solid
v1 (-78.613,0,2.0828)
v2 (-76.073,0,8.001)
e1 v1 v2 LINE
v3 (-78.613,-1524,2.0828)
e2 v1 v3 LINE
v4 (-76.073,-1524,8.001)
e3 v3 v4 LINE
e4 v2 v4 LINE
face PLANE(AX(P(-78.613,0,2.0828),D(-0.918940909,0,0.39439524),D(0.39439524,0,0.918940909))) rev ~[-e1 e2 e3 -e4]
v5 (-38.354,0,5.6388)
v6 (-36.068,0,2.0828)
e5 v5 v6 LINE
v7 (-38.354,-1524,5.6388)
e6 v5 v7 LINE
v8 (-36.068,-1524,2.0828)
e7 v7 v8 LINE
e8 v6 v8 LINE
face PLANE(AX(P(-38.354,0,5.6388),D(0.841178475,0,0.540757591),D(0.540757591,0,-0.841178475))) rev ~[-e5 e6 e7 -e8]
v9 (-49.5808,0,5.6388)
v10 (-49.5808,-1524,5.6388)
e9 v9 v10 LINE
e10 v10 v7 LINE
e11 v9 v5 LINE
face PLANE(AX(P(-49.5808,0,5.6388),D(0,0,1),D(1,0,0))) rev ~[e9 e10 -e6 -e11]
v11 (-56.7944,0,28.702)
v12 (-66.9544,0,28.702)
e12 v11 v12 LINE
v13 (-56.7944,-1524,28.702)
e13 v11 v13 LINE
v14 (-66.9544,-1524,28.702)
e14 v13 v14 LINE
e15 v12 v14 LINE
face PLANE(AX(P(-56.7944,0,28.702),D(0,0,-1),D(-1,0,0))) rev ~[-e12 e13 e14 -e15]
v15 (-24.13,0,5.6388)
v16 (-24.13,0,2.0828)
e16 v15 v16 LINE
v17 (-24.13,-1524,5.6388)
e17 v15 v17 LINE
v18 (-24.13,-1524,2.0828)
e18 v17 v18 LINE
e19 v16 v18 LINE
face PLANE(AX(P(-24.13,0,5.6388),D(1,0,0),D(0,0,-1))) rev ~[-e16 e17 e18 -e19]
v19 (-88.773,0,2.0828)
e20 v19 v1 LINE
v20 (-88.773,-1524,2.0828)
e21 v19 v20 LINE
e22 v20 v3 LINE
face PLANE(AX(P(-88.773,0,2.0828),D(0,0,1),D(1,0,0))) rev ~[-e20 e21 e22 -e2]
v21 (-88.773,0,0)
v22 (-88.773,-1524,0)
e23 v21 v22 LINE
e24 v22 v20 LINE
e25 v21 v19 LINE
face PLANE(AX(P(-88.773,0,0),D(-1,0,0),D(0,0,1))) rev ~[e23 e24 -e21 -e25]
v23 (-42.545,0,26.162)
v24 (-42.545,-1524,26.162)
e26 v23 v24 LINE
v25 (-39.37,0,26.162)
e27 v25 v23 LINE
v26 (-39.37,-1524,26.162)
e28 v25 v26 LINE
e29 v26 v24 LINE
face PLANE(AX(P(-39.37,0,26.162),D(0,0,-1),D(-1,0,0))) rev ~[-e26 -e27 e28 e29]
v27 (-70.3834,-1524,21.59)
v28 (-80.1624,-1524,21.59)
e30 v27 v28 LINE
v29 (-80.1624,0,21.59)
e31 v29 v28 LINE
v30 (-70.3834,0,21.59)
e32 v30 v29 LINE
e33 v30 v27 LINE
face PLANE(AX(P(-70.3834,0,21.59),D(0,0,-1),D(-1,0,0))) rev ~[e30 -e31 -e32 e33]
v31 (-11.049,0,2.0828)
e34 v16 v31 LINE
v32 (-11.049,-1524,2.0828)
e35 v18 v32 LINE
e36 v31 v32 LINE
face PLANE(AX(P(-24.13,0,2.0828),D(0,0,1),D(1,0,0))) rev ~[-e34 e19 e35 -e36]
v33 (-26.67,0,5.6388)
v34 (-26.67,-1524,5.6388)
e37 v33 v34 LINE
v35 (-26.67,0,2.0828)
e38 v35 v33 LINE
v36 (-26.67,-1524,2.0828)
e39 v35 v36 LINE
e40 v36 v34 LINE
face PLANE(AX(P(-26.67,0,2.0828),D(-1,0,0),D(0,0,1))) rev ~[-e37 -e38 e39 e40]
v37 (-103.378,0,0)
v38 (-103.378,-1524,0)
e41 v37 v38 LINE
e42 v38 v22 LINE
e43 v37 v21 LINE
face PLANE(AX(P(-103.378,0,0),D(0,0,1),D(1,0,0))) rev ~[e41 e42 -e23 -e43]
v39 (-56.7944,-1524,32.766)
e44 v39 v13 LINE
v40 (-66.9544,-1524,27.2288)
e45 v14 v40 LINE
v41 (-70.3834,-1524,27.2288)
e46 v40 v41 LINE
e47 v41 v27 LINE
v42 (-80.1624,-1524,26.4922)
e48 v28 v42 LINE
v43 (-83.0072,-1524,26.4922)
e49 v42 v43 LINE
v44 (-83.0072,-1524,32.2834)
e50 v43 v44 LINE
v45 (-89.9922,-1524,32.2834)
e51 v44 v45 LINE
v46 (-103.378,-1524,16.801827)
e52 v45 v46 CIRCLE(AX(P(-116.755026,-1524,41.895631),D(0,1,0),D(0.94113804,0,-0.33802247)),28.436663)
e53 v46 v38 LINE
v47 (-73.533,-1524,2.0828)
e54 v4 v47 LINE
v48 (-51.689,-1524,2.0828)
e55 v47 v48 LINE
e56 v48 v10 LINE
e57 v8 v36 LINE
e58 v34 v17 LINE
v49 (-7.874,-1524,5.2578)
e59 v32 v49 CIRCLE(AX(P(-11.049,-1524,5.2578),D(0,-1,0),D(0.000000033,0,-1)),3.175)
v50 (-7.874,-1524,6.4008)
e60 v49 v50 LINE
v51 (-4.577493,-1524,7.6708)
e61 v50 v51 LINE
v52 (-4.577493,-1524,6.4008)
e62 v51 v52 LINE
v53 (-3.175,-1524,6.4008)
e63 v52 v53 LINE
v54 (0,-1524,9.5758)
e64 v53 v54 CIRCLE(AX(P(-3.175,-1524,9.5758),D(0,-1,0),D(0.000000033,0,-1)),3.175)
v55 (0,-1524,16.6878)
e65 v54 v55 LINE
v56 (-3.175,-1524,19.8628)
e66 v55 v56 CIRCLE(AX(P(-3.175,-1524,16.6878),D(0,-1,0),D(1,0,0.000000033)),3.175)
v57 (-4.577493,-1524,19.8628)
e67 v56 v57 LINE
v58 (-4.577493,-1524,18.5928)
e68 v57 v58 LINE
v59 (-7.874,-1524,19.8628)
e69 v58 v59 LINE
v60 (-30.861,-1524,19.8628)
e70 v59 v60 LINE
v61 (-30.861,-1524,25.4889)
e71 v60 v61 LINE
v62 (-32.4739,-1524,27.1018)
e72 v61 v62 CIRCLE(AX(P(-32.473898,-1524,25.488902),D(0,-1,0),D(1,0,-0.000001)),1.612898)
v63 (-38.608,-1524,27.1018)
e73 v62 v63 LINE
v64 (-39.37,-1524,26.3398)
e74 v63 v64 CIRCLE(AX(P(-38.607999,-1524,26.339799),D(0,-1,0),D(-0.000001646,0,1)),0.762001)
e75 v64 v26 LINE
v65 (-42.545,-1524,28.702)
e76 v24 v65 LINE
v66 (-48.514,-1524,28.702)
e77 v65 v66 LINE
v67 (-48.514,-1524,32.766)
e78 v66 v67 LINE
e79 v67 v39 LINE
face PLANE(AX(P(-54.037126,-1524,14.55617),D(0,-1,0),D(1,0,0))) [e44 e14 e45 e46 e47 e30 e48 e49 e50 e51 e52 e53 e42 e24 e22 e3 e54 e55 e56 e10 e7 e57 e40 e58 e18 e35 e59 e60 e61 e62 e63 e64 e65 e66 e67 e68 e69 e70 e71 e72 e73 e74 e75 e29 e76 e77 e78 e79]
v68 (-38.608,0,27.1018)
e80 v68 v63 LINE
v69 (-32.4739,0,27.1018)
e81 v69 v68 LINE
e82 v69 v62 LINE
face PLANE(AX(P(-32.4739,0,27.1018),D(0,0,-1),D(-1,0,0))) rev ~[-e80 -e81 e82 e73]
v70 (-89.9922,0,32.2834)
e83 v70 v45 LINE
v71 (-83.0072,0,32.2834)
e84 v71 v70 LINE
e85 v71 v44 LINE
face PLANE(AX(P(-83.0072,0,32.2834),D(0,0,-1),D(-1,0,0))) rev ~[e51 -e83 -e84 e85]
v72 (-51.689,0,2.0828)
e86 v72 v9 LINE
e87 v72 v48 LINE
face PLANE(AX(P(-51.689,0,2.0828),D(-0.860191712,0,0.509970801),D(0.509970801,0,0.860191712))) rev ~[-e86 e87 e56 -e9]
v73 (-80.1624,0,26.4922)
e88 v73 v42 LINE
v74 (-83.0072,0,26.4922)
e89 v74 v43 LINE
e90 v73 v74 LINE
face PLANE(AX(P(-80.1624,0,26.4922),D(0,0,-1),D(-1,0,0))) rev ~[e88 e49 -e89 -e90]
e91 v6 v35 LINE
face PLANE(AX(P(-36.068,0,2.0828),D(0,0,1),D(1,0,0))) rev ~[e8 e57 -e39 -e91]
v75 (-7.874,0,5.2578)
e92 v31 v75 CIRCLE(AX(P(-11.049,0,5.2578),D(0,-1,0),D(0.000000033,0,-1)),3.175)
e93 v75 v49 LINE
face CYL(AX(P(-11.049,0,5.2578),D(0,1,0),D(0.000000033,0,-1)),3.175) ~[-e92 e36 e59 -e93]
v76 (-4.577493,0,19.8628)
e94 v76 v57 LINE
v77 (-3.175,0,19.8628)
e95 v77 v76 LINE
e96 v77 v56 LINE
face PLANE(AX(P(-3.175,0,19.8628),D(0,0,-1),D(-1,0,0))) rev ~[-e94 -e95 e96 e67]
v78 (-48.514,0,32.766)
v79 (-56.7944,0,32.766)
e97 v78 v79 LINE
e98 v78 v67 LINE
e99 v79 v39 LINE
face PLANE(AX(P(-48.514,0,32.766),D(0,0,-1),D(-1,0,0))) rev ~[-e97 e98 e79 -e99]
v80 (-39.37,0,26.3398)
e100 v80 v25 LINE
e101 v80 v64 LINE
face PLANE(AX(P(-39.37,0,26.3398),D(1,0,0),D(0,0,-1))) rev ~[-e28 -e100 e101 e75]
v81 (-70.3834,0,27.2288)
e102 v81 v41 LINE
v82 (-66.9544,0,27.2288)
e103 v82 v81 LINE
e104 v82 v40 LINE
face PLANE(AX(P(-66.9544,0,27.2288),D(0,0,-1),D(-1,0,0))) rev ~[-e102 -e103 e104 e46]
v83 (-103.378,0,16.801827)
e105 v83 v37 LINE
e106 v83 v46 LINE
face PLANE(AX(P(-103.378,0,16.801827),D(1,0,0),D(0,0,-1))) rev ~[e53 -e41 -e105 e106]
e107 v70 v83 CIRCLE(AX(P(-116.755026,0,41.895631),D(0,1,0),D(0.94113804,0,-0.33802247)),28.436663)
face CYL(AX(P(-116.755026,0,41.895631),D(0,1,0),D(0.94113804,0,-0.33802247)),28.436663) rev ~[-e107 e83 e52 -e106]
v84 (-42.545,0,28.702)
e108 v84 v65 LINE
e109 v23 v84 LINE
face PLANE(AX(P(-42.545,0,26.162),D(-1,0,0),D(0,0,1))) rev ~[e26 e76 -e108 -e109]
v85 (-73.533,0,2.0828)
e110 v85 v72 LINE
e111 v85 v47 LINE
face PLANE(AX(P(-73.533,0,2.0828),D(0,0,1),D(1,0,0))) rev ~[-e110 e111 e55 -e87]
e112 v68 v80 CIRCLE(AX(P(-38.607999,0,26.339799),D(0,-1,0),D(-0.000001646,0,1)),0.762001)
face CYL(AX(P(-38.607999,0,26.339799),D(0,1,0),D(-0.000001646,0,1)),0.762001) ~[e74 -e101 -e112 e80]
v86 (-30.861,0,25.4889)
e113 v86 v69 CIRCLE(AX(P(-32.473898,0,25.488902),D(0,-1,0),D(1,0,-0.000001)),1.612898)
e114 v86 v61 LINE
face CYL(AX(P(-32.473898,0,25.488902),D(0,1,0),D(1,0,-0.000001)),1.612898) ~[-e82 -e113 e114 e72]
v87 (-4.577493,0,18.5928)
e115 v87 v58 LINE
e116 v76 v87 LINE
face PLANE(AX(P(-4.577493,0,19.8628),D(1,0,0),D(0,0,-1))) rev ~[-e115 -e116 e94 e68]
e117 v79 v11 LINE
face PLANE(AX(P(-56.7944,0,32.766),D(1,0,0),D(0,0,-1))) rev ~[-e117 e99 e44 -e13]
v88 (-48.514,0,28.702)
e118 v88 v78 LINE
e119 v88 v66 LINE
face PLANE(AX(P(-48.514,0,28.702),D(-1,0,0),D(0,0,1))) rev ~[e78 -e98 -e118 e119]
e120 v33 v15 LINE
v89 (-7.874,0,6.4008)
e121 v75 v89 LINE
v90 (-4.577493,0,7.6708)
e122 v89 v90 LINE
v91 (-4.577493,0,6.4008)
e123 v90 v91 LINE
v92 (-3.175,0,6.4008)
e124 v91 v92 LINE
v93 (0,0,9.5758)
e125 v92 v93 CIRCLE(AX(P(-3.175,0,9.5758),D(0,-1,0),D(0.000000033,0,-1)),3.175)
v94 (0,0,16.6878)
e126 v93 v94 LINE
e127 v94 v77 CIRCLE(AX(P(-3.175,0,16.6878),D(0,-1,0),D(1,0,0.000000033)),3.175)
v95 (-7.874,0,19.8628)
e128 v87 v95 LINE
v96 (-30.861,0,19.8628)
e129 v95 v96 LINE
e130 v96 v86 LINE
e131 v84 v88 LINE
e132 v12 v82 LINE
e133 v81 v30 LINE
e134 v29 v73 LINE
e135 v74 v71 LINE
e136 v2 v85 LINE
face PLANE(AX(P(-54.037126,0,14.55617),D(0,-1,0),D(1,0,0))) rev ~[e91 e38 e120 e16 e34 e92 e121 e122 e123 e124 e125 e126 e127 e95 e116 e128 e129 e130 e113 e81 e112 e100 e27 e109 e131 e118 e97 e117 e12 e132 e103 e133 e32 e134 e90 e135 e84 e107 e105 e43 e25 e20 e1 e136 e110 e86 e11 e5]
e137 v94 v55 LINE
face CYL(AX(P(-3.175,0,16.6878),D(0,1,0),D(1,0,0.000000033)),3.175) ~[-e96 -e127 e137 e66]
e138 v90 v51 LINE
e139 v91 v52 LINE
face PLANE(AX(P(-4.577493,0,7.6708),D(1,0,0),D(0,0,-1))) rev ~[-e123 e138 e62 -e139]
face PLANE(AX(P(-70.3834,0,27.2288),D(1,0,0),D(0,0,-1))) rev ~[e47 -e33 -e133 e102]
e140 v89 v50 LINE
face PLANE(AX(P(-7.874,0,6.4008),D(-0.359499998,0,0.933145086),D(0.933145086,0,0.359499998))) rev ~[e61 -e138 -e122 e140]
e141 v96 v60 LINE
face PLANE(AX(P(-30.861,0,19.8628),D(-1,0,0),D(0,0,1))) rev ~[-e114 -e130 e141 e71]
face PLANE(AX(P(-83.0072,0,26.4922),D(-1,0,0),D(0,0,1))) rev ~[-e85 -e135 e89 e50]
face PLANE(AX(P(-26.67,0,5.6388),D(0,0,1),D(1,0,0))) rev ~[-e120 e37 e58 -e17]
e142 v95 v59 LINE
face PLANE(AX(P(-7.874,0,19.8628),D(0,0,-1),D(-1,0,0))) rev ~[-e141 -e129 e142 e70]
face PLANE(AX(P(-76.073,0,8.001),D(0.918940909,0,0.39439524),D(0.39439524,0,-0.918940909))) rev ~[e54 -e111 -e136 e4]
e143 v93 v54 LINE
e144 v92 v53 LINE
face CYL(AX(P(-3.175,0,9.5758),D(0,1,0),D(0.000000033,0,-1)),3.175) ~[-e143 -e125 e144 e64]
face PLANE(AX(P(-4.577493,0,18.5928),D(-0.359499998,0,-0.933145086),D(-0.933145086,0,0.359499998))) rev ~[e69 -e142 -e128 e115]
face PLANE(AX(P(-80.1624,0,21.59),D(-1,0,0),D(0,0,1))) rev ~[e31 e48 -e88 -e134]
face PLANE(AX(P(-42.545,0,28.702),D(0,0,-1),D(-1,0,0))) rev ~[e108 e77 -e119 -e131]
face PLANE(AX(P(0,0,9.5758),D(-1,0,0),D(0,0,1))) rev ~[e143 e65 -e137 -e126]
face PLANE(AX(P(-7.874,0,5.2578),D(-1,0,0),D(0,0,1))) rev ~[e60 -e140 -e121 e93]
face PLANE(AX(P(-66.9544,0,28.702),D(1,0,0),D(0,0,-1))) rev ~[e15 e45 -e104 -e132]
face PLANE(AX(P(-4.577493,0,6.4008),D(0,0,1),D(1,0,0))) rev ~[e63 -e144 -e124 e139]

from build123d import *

# Parameters (mm, degrees)
F1_DEPTH = 1524


with BuildPart() as f1:
    # F0 (on Front) → F1 (new body)
    with BuildSketch(Plane.XZ):
        with BuildLine():
            Line((-103.378, 0), (-88.773, 0))
            Line((-88.773, 0), (-88.773, 2.0828))
            Line((-88.773, 2.0828), (-78.613, 2.0828))
            Line((-78.613, 2.0828), (-76.073, 8.001))
            Line((-76.073, 8.001), (-73.533, 2.0828))
            Line((-73.533, 2.0828), (-51.689, 2.0828))
            Line((-51.689, 2.0828), (-49.5808, 5.6388))
            Line((-49.5808, 5.6388), (-38.354, 5.6388))
            Line((-38.354, 5.6388), (-36.068, 2.0828))
            Line((-36.068, 2.0828), (-26.67, 2.0828))
            Line((-26.67, 2.0828), (-26.67, 5.6388))
            Line((-26.67, 5.6388), (-24.13, 5.6388))
            Line((-24.13, 5.6388), (-24.13, 2.0828))
            Line((-24.13, 2.0828), (-11.049, 2.0828))
            ThreePointArc((-11.049, 2.0828), (-8.803936, 3.012736), (-7.874, 5.2578))
            Line((-7.874, 5.2578), (-7.874, 6.4008))
            Line((-7.874, 6.4008), (-4.577493, 7.6708))
            Line((-4.577493, 7.6708), (-4.577493, 6.4008))
            Line((-4.577493, 6.4008), (-3.175, 6.4008))
            ThreePointArc((-3.175, 6.4008), (-0.929936, 7.330736), (0, 9.5758))
            Line((0, 9.5758), (0, 16.6878))
            ThreePointArc((0, 16.6878), (-0.929936, 18.932864), (-3.175, 19.8628))
            Line((-3.175, 19.8628), (-4.577493, 19.8628))
            Line((-4.577493, 19.8628), (-4.577493, 18.5928))
            Line((-4.577493, 18.5928), (-7.874, 19.8628))
            Line((-7.874, 19.8628), (-30.861, 19.8628))
            Line((-30.861, 19.8628), (-30.861, 25.4889))
            ThreePointArc((-30.861, 25.4889), (-31.333407, 26.629393), (-32.4739, 27.1018))
            Line((-32.4739, 27.1018), (-38.608, 27.1018))
            ThreePointArc((-38.608, 27.1018), (-39.146815, 26.878615), (-39.37, 26.3398))
            Line((-39.37, 26.3398), (-39.37, 26.162))
            Line((-39.37, 26.162), (-42.545, 26.162))
            Line((-42.545, 26.162), (-42.545, 28.702))
            Line((-42.545, 28.702), (-48.514, 28.702))
            Line((-48.514, 28.702), (-48.514, 32.766))
            Line((-48.514, 32.766), (-56.7944, 32.766))
            Line((-56.7944, 32.766), (-56.7944, 28.702))
            Line((-56.7944, 28.702), (-66.9544, 28.702))
            Line((-66.9544, 28.702), (-66.9544, 27.2288))
            Line((-66.9544, 27.2288), (-70.3834, 27.2288))
            Line((-70.3834, 27.2288), (-70.3834, 21.59))
            Line((-70.3834, 21.59), (-80.1624, 21.59))
            Line((-80.1624, 21.59), (-80.1624, 26.4922))
            Line((-80.1624, 26.4922), (-83.0072, 26.4922))
            Line((-83.0072, 26.4922), (-83.0072, 32.2834))
            Line((-83.0072, 32.2834), (-89.9922, 32.2834))
            ThreePointArc((-89.9922, 32.2834), (-95.244059, 23.296649), (-103.378, 16.801827))
            Line((-103.378, 16.801827), (-103.378, 0))
        make_face()
    extrude(amount=F1_DEPTH)


solid = f1.part
